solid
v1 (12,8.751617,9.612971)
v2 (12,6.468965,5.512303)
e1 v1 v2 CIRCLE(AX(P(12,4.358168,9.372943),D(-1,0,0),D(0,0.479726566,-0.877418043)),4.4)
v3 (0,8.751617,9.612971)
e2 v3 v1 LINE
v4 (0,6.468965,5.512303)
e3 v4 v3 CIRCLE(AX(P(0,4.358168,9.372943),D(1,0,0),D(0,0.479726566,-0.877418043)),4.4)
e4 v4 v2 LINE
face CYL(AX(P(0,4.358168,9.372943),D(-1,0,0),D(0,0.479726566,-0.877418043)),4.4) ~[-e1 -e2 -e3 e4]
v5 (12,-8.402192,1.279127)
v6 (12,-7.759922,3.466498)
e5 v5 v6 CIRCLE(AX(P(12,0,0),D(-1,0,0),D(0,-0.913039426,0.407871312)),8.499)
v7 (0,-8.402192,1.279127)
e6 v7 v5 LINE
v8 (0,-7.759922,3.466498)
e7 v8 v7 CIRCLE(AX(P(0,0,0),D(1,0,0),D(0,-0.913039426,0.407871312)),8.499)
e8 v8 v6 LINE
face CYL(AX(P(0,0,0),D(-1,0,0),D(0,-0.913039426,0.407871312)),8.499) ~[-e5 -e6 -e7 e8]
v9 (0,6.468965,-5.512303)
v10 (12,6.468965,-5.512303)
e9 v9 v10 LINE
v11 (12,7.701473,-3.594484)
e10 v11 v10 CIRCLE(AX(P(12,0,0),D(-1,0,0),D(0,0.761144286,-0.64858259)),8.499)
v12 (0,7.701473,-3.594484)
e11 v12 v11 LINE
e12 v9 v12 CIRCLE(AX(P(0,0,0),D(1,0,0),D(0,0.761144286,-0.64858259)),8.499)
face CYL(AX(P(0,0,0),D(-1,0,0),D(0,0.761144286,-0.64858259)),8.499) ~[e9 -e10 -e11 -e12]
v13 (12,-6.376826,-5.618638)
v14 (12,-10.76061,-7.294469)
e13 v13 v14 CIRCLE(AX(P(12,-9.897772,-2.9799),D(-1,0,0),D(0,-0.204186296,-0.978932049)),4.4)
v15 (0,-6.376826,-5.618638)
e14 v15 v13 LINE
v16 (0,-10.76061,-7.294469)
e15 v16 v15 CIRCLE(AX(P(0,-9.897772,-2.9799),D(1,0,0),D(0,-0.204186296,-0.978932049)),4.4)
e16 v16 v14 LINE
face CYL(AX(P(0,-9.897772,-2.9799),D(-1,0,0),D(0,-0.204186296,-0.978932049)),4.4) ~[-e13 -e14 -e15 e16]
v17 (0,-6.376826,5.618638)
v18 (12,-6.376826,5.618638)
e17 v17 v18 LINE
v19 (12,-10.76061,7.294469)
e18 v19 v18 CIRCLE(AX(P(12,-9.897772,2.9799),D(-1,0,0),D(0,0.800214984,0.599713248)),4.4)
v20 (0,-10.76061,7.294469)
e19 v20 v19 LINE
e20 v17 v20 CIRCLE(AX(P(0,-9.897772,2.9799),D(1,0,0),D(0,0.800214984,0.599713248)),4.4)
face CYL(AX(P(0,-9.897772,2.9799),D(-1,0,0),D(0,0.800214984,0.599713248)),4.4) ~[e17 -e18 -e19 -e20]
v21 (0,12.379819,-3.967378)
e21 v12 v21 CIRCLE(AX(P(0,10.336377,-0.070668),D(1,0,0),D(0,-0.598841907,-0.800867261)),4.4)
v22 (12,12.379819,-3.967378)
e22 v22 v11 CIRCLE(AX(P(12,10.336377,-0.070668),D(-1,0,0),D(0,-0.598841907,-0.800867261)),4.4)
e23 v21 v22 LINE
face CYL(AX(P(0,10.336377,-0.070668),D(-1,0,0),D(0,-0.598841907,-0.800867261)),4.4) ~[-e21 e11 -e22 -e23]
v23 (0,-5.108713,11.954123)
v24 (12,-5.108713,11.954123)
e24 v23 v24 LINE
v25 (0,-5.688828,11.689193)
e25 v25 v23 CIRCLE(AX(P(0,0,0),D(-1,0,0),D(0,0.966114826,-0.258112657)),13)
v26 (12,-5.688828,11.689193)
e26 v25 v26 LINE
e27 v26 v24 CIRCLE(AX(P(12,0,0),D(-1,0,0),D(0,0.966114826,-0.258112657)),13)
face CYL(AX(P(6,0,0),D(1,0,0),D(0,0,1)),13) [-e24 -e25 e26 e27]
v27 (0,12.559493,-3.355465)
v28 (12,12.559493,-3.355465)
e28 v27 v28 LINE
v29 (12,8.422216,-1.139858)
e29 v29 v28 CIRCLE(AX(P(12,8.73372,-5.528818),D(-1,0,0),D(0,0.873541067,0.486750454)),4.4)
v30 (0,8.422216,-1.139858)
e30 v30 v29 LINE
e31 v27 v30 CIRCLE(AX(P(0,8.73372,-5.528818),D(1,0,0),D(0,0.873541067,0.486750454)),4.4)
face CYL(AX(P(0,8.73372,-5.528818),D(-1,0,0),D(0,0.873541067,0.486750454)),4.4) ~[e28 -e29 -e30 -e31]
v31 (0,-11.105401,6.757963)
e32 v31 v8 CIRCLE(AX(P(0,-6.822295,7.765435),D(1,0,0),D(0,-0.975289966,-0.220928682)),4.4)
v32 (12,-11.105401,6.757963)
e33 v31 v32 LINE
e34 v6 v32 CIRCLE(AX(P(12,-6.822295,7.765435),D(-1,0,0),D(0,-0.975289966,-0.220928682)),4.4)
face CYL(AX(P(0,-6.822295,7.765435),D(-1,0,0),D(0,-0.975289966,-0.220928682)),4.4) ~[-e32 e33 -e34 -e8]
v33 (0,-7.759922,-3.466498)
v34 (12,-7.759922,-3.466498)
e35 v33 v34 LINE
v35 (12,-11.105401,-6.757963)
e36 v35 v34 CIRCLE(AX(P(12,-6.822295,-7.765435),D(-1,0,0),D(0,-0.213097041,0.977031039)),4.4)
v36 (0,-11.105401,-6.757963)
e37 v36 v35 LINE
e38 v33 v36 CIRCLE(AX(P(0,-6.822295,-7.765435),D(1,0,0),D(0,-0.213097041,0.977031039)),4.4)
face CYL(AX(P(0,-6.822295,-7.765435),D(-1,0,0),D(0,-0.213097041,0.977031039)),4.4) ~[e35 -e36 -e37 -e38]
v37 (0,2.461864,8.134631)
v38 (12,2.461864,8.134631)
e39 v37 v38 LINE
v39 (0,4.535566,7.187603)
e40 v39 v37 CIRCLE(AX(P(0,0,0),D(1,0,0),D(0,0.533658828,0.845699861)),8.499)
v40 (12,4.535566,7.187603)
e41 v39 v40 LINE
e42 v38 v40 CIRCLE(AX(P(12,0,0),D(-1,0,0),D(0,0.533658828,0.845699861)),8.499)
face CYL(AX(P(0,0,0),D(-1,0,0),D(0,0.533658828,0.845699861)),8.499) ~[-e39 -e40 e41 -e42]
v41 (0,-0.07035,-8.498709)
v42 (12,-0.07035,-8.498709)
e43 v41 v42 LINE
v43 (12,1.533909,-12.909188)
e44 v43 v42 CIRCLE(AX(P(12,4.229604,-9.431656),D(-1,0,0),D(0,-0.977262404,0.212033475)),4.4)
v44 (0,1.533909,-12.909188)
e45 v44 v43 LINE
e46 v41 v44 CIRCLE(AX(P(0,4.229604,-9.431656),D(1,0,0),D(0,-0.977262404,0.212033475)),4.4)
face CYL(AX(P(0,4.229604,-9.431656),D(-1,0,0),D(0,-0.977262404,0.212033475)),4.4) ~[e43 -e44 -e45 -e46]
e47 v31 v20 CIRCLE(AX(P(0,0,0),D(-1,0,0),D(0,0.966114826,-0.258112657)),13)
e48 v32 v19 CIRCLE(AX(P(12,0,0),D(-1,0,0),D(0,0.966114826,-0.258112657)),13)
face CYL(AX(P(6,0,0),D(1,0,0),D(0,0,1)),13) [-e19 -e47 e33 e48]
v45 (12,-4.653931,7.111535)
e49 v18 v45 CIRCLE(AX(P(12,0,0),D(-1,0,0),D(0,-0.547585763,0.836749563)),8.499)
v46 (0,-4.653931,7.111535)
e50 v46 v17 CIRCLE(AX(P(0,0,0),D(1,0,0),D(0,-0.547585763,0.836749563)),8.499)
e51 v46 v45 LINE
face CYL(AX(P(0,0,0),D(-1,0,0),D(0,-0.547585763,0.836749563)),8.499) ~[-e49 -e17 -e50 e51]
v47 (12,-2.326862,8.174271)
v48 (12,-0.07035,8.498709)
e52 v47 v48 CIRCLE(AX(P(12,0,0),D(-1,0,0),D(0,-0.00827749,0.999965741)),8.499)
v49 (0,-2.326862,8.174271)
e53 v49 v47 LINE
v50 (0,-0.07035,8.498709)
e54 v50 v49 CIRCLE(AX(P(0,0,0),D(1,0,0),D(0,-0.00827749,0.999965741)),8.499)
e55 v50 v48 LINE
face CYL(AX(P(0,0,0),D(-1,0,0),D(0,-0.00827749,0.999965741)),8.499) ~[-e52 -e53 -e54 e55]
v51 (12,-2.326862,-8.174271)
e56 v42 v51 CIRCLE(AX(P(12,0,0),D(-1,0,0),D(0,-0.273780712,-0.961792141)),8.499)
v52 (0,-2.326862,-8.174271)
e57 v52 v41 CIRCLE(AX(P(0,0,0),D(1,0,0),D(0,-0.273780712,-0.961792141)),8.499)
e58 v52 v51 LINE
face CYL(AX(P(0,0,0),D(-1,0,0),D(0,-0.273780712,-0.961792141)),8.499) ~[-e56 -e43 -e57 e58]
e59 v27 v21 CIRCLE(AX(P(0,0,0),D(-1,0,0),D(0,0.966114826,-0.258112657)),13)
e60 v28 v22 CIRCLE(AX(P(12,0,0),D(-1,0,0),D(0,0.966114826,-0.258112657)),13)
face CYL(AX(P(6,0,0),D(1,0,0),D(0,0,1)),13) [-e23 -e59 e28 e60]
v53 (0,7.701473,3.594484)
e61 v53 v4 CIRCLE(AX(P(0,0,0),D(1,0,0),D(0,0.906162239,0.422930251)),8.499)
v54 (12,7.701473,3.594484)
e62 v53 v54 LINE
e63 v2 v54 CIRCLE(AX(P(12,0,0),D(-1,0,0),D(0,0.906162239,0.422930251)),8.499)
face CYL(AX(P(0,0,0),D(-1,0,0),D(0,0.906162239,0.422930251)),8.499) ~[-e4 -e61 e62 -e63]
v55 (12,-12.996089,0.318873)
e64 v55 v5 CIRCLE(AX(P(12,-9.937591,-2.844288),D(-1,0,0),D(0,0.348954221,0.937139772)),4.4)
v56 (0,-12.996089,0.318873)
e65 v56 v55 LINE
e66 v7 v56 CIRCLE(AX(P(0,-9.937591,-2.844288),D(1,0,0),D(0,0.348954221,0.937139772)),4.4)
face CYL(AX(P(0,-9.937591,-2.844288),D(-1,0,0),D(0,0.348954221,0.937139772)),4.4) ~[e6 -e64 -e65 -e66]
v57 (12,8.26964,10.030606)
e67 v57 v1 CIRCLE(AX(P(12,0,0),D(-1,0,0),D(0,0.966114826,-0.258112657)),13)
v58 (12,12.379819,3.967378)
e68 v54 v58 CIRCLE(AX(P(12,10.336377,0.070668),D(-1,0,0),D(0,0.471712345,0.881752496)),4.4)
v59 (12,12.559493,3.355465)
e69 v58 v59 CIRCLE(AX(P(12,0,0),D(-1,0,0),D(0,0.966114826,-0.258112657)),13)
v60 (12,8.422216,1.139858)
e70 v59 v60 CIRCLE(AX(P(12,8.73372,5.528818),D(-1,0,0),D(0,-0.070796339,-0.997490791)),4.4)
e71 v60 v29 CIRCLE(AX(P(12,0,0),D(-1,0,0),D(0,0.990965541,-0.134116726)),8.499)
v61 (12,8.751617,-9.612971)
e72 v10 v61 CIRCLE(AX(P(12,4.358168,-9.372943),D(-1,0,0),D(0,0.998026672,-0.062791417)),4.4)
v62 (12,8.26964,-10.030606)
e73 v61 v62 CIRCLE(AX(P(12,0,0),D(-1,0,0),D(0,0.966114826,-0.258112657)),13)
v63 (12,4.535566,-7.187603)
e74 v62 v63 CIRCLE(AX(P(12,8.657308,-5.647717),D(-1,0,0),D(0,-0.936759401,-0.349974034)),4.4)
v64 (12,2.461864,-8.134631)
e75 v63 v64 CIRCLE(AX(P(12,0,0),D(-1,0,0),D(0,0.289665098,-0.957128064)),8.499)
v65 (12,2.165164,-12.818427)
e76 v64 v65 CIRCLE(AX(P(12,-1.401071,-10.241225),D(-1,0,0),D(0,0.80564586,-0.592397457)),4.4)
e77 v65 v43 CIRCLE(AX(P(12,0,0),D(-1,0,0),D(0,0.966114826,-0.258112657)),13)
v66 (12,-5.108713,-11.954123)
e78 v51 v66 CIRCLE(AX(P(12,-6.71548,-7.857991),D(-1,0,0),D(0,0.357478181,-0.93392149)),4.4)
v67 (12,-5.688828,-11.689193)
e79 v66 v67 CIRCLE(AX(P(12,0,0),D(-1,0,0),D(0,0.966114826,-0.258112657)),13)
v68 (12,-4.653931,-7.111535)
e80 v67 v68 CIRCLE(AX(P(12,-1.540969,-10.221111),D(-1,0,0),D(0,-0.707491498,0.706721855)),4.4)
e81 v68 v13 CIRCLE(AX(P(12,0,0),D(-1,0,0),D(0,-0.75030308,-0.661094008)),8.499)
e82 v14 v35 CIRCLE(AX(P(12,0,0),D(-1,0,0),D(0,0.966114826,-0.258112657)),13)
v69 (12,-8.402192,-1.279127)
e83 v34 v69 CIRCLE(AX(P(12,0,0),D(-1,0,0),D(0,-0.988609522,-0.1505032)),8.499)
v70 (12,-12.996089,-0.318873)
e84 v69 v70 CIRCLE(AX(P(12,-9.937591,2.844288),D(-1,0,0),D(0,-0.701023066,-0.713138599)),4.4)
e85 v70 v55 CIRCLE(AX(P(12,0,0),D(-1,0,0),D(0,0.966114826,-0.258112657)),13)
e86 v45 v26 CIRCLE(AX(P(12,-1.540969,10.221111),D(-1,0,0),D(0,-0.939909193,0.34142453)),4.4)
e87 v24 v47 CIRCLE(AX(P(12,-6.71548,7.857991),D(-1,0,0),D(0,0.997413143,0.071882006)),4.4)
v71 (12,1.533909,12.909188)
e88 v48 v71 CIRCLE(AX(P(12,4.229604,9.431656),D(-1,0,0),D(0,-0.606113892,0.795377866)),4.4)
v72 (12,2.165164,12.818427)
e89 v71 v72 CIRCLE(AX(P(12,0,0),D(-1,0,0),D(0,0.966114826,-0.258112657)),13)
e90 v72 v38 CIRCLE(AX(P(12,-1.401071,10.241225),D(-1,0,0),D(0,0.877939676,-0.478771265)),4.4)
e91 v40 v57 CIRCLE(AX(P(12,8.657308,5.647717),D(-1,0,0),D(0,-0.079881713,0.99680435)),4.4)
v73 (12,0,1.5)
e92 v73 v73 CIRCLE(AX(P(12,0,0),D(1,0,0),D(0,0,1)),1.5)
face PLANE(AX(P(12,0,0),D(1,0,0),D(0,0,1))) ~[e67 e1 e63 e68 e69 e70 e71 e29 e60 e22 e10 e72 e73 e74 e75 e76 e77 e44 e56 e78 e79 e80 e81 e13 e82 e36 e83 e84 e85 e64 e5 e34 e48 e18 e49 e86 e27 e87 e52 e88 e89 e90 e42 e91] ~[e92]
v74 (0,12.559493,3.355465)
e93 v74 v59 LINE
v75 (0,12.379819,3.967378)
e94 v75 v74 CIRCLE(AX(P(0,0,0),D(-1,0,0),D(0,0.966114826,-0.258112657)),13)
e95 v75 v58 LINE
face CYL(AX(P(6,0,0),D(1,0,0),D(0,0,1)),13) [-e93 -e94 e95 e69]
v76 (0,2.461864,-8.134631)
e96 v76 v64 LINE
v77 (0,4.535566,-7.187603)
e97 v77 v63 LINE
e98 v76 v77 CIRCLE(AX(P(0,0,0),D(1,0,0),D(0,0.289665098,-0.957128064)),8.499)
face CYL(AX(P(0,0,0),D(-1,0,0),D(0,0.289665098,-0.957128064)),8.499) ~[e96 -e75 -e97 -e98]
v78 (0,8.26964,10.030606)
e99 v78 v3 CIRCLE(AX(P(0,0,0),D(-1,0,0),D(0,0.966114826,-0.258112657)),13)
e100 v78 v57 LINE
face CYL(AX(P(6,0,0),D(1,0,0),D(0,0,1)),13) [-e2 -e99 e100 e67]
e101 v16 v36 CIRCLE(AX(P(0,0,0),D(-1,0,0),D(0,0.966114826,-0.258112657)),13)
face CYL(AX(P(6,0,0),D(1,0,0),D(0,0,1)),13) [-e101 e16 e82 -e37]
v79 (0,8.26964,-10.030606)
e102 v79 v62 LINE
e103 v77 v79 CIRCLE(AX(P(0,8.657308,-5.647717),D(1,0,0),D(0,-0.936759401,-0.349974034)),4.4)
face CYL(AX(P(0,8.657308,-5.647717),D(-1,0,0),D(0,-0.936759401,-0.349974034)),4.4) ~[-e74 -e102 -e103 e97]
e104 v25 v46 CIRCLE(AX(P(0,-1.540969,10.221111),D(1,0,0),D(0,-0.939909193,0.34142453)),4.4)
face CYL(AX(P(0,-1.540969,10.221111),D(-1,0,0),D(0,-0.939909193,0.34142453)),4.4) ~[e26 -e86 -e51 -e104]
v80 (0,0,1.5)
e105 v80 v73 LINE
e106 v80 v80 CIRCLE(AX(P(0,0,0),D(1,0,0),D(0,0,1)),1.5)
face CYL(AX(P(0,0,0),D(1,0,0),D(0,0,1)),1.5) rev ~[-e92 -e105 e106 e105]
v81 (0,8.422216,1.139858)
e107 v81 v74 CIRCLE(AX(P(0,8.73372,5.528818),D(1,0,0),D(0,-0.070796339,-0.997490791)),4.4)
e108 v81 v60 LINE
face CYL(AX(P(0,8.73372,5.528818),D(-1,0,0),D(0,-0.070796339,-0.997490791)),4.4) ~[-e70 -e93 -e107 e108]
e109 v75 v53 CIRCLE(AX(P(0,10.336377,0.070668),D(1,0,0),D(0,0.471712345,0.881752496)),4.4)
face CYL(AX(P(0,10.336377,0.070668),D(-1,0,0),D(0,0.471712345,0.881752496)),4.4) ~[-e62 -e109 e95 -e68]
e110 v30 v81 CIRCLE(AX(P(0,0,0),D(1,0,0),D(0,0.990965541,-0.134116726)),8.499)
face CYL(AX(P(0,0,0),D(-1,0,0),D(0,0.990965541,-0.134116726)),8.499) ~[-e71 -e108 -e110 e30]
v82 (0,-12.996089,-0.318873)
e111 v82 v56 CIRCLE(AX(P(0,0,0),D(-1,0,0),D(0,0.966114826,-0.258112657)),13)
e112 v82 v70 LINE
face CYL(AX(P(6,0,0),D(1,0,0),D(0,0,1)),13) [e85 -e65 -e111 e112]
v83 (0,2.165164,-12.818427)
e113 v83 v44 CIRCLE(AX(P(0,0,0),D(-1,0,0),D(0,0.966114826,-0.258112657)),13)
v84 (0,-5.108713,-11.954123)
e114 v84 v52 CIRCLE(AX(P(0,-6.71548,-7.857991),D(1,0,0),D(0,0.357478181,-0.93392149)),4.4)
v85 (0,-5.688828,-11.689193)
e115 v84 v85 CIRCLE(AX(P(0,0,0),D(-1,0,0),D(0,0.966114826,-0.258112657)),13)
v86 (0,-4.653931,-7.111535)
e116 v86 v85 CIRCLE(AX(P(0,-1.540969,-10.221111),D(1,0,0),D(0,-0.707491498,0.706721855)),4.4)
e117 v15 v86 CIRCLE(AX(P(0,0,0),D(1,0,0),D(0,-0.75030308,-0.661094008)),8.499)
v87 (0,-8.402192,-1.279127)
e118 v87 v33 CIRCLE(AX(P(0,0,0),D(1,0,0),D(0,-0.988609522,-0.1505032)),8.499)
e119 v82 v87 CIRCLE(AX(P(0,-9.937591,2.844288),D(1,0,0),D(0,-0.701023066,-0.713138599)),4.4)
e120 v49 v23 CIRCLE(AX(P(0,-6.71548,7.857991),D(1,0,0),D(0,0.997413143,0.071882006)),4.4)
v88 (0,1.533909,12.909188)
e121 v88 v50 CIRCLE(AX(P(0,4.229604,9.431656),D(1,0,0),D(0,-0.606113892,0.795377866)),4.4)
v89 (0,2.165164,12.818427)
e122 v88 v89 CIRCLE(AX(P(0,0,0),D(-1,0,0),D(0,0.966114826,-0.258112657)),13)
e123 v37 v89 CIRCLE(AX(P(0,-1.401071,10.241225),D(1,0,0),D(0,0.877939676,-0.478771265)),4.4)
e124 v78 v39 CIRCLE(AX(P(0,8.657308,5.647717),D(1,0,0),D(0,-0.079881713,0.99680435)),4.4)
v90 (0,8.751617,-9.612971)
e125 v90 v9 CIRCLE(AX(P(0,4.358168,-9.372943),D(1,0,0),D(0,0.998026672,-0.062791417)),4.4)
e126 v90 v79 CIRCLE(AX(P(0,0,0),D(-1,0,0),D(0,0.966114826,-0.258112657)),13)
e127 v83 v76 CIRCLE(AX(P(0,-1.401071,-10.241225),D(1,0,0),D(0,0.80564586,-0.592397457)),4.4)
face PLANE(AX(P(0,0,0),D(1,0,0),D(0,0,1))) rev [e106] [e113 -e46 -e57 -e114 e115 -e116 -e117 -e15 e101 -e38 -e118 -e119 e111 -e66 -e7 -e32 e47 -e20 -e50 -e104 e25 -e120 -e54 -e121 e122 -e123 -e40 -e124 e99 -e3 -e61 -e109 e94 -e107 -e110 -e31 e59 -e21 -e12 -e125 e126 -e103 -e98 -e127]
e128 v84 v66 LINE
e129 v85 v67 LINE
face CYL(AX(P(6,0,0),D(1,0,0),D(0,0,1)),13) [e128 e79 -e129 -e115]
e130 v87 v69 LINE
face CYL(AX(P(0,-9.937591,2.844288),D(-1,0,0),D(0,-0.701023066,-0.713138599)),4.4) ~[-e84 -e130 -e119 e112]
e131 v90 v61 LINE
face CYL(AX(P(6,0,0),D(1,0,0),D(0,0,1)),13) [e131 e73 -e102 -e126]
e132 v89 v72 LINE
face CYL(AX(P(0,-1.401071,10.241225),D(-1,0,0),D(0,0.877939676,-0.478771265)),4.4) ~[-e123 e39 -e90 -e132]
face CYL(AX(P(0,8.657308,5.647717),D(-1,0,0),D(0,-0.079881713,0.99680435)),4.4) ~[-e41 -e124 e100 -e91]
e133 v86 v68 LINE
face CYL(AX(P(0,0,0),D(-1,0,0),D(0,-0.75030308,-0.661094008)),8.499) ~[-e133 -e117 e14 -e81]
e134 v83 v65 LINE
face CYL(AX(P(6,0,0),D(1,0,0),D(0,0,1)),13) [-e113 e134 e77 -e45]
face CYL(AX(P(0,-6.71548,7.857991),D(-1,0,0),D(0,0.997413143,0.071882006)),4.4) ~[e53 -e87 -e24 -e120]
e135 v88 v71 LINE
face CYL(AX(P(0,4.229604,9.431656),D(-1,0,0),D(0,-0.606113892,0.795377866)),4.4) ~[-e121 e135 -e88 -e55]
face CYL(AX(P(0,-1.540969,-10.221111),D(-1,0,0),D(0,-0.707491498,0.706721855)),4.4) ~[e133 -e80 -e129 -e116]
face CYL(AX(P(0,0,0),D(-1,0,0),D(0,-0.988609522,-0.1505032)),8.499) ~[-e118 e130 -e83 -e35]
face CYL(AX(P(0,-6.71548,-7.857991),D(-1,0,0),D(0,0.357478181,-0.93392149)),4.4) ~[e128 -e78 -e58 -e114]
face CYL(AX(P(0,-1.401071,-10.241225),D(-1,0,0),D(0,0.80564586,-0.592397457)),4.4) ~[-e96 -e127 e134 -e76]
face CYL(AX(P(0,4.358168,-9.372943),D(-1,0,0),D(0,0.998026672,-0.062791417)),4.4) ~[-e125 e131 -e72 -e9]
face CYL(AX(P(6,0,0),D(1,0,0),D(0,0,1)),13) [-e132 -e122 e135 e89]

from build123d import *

# Parameters (mm, degrees)
BASPROSKE_W     = 12
BASPROSKE_H     = 13
TOOTHCUT_DEPTH  = 22.9544984
TEETHCUTS_COUNT = 11
TEETHCUTS_ANGLE = 327.272727273
BORSKE_R        = 1.5
BORE_DEPTH      = 50.0000508


with BuildPart() as part:
    # BasProSke → Base-Revolve (revolve)
    with BuildSketch(Plane(origin=(0, 0, 0), x_dir=(1, 0, 0), z_dir=(0, 1, 0)), mode=Mode.PRIVATE) as base_revolve_sk:
        with Locations((6, 6.5)):
            Rectangle(BASPROSKE_W, BASPROSKE_H)
    revolve(base_revolve_sk.sketch.rotate(Axis((-10, 0, 0), (1, 0, 0)), 180), axis=Axis((-10, 0, 0), (1, 0, 0)))

    # TooCutSke → ToothCut (cut, through all)
    with BuildSketch(Plane(origin=(0, 0, 0), x_dir=(0, 0, -1), z_dir=(1, 0, 0))):
        with BuildLine():
            ThreePointArc((1.139858048, 8.422216135), (0, 8.499), (-1.139858048, 8.422216135))
            ThreePointArc((-1.139858048, 8.422216135), (-1.658602184, 10.826907356), (-3.387115532, 12.577300725))
            ThreePointArc((-3.387115532, 12.577300725), (0, 13.0254), (3.387115532, 12.577300725))
            ThreePointArc((3.387115532, 12.577300725), (1.658602184, 10.826907356), (1.139858048, 8.422216135))
        make_face()
    toothcut = extrude(amount=TOOTHCUT_DEPTH, mode=Mode.SUBTRACT)

    # TeethCuts: ToothCut ×11 about axis
    teethcuts_axis = Axis((-10, 0, 0), (1, 0, 0))
    for i in range(1, TEETHCUTS_COUNT):
        add(toothcut.rotate(teethcuts_axis, i * TEETHCUTS_ANGLE / (TEETHCUTS_COUNT - 1)), mode=Mode.SUBTRACT)

    # BorSke → Bore (cut, symmetric)
    with BuildSketch(Plane(origin=(0, 0, 0), x_dir=(0, 0, -1), z_dir=(1, 0, 0))):
        with Locations(Location((0, 0, 0), (0, 0, 180))):
            Circle(BORSKE_R)
    extrude(amount=BORE_DEPTH, both=True, mode=Mode.SUBTRACT)


solid = part.part
